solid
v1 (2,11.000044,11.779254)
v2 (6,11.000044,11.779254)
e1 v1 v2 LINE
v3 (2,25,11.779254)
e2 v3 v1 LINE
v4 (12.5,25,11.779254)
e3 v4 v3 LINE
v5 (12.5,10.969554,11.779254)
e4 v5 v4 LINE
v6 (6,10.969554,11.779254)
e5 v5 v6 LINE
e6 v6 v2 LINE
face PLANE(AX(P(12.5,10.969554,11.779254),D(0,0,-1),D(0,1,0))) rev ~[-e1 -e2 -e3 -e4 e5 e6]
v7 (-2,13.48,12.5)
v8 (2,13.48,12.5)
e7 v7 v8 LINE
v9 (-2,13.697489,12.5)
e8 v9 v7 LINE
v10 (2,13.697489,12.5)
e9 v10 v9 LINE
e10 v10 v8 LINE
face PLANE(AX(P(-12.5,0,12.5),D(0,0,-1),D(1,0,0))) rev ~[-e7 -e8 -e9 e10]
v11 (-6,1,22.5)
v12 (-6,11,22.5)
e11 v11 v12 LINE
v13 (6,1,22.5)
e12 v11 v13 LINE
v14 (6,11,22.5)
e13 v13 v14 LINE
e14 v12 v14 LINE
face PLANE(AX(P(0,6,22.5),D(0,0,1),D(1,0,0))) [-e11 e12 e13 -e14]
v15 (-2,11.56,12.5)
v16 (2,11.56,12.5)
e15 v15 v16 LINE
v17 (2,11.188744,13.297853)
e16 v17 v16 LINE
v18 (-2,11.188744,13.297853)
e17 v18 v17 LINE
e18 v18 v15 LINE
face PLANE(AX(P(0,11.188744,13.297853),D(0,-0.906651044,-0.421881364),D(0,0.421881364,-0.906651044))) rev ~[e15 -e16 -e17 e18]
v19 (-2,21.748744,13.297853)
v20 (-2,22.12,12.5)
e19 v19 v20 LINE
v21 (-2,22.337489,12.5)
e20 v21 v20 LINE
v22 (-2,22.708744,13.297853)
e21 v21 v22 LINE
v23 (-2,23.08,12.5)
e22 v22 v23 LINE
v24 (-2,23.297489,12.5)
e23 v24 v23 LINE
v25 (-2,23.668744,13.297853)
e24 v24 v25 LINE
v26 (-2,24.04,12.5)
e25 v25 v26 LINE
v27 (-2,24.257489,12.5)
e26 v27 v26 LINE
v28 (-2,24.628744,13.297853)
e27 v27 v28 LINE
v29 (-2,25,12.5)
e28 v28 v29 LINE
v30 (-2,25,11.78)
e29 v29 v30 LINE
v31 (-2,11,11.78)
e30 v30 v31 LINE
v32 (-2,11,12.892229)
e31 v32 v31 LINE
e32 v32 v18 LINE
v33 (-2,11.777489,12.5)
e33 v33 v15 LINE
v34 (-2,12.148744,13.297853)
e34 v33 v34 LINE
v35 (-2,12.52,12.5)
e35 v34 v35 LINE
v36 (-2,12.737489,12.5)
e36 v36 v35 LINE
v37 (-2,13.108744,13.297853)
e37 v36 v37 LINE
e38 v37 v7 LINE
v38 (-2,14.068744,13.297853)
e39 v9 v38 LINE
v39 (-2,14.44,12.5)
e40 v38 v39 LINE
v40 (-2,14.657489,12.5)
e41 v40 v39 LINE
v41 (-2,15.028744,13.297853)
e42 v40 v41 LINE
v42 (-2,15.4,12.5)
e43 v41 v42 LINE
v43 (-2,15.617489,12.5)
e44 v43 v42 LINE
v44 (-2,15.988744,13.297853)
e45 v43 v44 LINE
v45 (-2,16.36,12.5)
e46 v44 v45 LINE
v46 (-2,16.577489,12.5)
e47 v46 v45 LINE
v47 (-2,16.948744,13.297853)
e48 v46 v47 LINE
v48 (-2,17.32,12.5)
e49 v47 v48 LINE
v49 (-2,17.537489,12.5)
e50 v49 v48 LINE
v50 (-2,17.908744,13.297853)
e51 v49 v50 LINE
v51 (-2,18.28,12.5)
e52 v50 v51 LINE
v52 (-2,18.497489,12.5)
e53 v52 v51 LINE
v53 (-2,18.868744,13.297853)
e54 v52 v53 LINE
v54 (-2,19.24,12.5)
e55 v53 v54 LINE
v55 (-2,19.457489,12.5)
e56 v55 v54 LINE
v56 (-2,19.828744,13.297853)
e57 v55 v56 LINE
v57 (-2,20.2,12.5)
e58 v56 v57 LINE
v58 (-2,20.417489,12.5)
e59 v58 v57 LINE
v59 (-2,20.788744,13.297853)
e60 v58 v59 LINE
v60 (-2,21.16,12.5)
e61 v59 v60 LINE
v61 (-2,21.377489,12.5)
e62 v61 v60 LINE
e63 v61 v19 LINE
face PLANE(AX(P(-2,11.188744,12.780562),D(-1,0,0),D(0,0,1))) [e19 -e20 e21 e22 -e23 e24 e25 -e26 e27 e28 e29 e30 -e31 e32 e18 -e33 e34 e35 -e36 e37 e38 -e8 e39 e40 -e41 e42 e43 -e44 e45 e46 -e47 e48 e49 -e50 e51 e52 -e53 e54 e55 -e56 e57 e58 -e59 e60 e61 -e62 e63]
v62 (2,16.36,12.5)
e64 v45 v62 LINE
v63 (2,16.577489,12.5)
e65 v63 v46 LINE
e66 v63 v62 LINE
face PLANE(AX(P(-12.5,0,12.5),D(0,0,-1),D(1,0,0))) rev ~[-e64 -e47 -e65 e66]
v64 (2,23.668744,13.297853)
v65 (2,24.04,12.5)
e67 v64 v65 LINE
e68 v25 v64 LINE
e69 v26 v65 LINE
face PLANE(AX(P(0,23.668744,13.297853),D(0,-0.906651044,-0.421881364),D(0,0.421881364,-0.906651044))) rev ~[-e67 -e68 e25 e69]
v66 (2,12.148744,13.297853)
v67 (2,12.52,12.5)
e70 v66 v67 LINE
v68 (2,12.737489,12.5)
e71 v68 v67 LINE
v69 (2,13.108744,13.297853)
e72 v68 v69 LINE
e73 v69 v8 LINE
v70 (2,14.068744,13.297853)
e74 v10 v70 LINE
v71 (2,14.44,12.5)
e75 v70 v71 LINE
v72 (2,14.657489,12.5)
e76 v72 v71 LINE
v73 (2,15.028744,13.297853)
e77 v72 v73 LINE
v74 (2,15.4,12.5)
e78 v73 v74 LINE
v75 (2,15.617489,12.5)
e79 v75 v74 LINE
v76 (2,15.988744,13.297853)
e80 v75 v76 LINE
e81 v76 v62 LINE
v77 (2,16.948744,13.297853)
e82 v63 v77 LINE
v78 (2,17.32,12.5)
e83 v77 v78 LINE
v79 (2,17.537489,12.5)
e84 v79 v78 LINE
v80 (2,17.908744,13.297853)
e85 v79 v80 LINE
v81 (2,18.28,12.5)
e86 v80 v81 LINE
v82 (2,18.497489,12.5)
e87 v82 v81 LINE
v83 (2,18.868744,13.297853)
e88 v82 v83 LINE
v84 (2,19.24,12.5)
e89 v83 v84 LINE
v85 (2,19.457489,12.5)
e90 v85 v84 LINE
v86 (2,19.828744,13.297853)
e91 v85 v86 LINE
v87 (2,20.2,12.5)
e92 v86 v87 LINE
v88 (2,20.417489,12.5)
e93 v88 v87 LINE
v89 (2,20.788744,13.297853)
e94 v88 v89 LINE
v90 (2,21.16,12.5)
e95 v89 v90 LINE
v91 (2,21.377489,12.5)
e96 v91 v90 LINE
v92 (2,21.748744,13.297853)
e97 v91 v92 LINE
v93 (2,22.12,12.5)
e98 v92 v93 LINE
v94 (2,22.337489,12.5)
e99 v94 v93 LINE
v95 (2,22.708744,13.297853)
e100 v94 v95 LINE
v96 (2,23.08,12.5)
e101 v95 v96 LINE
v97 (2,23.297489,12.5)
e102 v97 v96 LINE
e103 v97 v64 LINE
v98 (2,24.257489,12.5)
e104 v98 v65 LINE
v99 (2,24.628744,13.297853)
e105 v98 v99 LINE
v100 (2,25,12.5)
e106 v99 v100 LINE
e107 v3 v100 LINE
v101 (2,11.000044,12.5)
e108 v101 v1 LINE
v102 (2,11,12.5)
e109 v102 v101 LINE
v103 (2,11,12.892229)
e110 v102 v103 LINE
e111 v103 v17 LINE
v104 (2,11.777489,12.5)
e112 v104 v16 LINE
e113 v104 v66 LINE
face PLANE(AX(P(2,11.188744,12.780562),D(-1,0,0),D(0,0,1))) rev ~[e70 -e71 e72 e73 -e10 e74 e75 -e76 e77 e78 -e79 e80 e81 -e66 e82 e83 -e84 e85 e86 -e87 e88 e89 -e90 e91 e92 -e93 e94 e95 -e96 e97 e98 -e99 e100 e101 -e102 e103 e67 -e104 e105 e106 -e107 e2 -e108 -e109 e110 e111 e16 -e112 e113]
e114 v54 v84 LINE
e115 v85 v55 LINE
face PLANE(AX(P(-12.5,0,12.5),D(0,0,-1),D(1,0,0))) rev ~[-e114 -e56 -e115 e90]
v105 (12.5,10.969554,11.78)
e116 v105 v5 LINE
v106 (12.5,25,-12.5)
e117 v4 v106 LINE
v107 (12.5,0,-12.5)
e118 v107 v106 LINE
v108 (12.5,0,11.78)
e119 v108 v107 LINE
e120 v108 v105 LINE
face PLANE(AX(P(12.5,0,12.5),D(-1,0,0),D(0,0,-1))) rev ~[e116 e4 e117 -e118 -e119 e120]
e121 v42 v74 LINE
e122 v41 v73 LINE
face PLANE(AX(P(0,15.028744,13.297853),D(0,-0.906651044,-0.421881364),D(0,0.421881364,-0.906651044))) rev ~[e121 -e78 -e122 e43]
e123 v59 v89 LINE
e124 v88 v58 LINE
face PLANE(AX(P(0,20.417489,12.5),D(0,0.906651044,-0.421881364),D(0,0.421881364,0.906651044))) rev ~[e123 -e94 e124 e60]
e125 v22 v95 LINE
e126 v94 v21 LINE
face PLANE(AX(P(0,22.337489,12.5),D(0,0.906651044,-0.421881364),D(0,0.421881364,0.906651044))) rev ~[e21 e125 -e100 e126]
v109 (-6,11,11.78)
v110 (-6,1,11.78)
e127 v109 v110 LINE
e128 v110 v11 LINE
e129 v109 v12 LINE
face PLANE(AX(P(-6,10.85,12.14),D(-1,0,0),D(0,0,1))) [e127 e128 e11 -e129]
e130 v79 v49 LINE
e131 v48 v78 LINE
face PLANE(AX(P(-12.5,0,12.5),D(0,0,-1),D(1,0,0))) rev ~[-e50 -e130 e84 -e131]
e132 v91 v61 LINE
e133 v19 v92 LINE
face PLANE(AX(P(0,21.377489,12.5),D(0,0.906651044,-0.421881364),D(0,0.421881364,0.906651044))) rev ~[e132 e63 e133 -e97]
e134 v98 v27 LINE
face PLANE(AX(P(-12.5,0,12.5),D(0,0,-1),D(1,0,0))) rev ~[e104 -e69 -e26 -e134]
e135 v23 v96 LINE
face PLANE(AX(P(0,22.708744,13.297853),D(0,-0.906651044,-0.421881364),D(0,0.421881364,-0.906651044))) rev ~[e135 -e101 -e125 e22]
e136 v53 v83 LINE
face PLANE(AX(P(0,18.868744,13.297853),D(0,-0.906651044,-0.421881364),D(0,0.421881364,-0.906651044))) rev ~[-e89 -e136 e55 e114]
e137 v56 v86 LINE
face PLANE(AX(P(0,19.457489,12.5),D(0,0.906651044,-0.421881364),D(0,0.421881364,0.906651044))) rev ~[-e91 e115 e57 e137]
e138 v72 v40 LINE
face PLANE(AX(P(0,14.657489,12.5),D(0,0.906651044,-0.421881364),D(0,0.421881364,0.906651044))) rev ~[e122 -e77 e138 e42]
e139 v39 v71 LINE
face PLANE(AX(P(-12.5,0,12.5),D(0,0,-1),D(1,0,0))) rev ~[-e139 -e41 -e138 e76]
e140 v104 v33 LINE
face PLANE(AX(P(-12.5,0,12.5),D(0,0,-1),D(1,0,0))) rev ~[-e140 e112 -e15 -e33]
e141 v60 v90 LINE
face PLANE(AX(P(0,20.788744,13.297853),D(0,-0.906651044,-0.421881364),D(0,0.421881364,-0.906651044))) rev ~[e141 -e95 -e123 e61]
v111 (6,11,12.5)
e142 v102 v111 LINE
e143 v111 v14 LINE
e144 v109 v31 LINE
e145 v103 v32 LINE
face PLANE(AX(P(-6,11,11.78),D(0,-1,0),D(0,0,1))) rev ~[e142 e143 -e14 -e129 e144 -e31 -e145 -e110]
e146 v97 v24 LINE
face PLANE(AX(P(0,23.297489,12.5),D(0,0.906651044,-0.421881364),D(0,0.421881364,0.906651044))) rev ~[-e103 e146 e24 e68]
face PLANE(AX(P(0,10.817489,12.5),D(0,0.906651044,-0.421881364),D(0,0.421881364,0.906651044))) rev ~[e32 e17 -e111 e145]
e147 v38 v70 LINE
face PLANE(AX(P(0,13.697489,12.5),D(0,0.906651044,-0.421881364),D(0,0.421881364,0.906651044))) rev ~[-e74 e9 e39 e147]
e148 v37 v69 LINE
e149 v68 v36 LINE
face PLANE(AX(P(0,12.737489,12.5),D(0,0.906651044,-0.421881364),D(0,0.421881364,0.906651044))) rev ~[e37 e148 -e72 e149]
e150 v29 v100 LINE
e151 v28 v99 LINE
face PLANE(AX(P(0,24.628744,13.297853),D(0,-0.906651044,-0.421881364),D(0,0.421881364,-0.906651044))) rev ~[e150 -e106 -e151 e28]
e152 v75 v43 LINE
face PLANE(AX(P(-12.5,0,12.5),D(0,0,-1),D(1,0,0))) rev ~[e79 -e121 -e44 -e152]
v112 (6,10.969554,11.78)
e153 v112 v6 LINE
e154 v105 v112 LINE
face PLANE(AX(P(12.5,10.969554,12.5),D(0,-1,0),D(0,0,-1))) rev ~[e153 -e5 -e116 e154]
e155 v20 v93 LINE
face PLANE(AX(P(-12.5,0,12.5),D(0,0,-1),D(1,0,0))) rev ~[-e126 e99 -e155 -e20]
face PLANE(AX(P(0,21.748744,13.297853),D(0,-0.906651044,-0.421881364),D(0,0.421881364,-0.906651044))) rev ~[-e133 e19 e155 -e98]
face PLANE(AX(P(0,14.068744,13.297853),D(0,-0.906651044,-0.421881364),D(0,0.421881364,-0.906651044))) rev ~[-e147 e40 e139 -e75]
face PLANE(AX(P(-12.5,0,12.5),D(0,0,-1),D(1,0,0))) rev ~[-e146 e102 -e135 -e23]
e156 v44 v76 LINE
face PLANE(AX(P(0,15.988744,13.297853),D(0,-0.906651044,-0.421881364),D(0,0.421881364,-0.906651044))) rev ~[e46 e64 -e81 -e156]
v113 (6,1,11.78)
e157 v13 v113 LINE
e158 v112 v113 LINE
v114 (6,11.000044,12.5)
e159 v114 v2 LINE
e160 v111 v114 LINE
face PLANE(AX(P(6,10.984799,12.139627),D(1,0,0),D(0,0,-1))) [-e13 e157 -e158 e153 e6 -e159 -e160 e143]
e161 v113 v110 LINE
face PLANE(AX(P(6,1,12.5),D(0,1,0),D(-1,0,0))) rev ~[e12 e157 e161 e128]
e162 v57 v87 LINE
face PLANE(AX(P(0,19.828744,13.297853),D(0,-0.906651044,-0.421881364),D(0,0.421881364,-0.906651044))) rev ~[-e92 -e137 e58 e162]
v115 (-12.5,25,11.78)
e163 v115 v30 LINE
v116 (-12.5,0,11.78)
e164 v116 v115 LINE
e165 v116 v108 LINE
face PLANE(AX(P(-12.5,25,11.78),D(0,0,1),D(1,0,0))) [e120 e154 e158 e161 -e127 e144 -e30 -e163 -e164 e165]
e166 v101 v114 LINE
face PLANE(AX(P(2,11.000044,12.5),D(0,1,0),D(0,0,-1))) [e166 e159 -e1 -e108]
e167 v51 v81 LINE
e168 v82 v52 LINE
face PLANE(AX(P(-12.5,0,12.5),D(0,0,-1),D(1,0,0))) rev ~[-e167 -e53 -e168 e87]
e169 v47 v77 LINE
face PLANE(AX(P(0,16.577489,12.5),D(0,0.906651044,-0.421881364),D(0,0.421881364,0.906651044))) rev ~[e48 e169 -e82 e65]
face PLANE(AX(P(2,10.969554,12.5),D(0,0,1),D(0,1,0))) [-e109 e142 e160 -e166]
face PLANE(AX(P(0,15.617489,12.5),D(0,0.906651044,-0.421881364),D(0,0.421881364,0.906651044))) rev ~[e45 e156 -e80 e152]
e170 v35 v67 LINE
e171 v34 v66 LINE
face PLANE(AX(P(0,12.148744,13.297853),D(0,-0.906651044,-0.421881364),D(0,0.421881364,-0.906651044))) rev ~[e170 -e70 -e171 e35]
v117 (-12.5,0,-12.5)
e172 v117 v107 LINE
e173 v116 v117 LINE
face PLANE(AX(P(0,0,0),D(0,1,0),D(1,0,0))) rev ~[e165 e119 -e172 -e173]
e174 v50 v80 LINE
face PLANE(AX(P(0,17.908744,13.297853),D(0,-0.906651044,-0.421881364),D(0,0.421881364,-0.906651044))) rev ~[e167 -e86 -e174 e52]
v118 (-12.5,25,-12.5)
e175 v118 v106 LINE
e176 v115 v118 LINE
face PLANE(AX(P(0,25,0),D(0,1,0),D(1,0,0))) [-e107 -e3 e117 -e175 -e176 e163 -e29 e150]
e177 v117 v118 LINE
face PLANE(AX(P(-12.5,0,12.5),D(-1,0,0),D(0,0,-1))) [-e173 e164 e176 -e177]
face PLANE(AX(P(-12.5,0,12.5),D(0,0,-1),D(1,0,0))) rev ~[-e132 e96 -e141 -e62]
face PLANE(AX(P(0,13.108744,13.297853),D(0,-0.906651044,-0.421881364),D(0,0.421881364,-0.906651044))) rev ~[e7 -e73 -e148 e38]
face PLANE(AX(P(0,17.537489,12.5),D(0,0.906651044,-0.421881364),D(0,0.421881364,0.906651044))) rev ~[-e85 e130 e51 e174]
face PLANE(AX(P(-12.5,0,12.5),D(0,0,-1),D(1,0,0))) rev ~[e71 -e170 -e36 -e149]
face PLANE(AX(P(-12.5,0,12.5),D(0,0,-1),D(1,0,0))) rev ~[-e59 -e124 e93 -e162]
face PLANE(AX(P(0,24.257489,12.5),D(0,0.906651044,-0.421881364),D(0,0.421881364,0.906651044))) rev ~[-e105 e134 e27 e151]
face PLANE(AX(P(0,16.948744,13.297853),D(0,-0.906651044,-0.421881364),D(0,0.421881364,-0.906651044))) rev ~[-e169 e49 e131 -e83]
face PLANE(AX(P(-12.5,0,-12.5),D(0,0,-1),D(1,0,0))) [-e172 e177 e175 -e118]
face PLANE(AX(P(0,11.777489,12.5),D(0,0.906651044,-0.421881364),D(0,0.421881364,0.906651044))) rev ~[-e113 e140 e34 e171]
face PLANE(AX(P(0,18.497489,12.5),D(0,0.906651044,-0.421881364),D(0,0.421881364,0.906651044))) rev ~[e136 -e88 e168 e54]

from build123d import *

# Parameters (mm, degrees)
SKETCH1_W           = 25
SKETCH1_H           = 25
BOSS_EXTRUDE1_DEPTH = 25
SKETCH2_W           = 12
SKETCH2_H           = 10
BOSS_EXTRUDE2_DEPTH = 10
BOSS_EXTRUDE4_DEPTH = 2
LPATTERN1_COUNT     = 15
LPATTERN1_PITCH     = 0.96
CUT_EXTRUDE1_REACH  = 43.908
SKETCH4_W           = 0.720746126
SKETCH4_H           = 14.030445764
SKETCH5_W           = 10.5
SKETCH5_H           = 0.72
CUT_EXTRUDE2_DEPTH  = 14.3
CUT_EXTRUDE3_DEPTH  = 0.72
BOSS_EXTRUDE5_REACH = 40.386
SKETCH8_W           = 0.72
SKETCH8_H           = 0.3
SKETCH10_W          = 0.720746126
SKETCH10_H          = 0.030490047
BOSS_EXTRUDE6_DEPTH = 4


with BuildPart() as part:
    # Sketch1 → Boss-Extrude1 (new body)
    with BuildSketch(Plane(origin=(0, 0, 0), x_dir=(1, 0, 0), z_dir=(0, 1, 0))):
        Rectangle(SKETCH1_W, SKETCH1_H)
    extrude(amount=BOSS_EXTRUDE1_DEPTH)

    # Sketch2 → Boss-Extrude2 (add)
    with BuildSketch(Plane.XY.offset(12.5)):
        with Locations((0, 6)):
            Rectangle(SKETCH2_W, SKETCH2_H)
    extrude(amount=BOSS_EXTRUDE2_DEPTH)

    # Sketch3 → Boss-Extrude4 (add, symmetric)
    with BuildSketch(Plane(origin=(0, 0, 0), x_dir=(0, 0, -1), z_dir=(1, 0, 0))):
        Polygon((-12.5, 25), (-12.5, 24.2574888), (-13.297852918, 24.6287444), align=None)
    boss_extrude4 = extrude(amount=BOSS_EXTRUDE4_DEPTH, both=True)

    # LPattern1: Boss-Extrude4 ×15
    with Locations(*[(0, -i * LPATTERN1_PITCH, 0) for i in range(1, LPATTERN1_COUNT)]):
        add(boss_extrude4)

    # Cut-Extrude1: up to this face of the body (flat: up to its plane)
    cut_extrude1_end = Plane(part.part.faces().sort_by_distance((2, 24.6287444, 12.765950973))[0])
    # Sketch4 → Cut-Extrude1 (cut, up to the picked face)
    with BuildSketch(Plane(origin=(12.5, 0, 0), x_dir=(0, 0, -1), z_dir=(1, 0, 0)), mode=Mode.PRIVATE) as cut_extrude1_sk1:
        with Locations((-12.139626937, 17.984777118)):
            Rectangle(SKETCH4_W, SKETCH4_H)
    cut_extrude1_tool1 = split(extrude(cut_extrude1_sk1.sketch, amount=-CUT_EXTRUDE1_REACH, mode=Mode.PRIVATE), bisect_by=cut_extrude1_end, keep=Keep.BOTH, mode=Mode.PRIVATE)
    add(cut_extrude1_tool1.solids().sort_by(Axis((12.5, 17.984777, 12.139627), (-1, 0, 0)))[0], mode=Mode.SUBTRACT)

    # Sketch5 → Cut-Extrude2 (cut)
    with BuildSketch(Plane(origin=(0, 25, 0), x_dir=(1, 0, 0), z_dir=(0, 1, 0))):
        with Locations((-7.25, -12.14)):
            Rectangle(SKETCH5_W, SKETCH5_H)
    extrude(amount=-CUT_EXTRUDE2_DEPTH, mode=Mode.SUBTRACT)

    # Sketch7 → Cut-Extrude3 (cut)
    with BuildSketch(Plane.XY.offset(12.5)):
        Polygon((-6, 10.7), (-12.5, 10.7), (-12.5, 0), (12.5, 0), (12.5, 10.969554236), (6, 10.969554236), (6, 1), (-6, 1), align=None)
    extrude(amount=-CUT_EXTRUDE3_DEPTH, mode=Mode.SUBTRACT)

    # Sketch8 → Boss-Extrude5 (add, up to next)
    with BuildSketch(Plane.ZY.offset(6), mode=Mode.PRIVATE) as boss_extrude5_sk1:
        with Locations((12.14, 10.85)):
            Rectangle(SKETCH8_W, SKETCH8_H)
    boss_extrude5_tool1 = extrude(boss_extrude5_sk1.sketch, amount=-BOSS_EXTRUDE5_REACH, mode=Mode.PRIVATE) - part.part
    add(boss_extrude5_tool1.solids().sort_by_distance((-6, 10.85, 12.14))[0])

    # Sketch10 → Boss-Extrude6 (add)
    with BuildSketch(Plane(origin=(2, 0, 0), x_dir=(0, 0, -1), z_dir=(1, 0, 0))):
        with Locations((-12.139626937, 10.98479926)):
            Rectangle(SKETCH10_W, SKETCH10_H)
    extrude(amount=BOSS_EXTRUDE6_DEPTH)


solid = part.part
